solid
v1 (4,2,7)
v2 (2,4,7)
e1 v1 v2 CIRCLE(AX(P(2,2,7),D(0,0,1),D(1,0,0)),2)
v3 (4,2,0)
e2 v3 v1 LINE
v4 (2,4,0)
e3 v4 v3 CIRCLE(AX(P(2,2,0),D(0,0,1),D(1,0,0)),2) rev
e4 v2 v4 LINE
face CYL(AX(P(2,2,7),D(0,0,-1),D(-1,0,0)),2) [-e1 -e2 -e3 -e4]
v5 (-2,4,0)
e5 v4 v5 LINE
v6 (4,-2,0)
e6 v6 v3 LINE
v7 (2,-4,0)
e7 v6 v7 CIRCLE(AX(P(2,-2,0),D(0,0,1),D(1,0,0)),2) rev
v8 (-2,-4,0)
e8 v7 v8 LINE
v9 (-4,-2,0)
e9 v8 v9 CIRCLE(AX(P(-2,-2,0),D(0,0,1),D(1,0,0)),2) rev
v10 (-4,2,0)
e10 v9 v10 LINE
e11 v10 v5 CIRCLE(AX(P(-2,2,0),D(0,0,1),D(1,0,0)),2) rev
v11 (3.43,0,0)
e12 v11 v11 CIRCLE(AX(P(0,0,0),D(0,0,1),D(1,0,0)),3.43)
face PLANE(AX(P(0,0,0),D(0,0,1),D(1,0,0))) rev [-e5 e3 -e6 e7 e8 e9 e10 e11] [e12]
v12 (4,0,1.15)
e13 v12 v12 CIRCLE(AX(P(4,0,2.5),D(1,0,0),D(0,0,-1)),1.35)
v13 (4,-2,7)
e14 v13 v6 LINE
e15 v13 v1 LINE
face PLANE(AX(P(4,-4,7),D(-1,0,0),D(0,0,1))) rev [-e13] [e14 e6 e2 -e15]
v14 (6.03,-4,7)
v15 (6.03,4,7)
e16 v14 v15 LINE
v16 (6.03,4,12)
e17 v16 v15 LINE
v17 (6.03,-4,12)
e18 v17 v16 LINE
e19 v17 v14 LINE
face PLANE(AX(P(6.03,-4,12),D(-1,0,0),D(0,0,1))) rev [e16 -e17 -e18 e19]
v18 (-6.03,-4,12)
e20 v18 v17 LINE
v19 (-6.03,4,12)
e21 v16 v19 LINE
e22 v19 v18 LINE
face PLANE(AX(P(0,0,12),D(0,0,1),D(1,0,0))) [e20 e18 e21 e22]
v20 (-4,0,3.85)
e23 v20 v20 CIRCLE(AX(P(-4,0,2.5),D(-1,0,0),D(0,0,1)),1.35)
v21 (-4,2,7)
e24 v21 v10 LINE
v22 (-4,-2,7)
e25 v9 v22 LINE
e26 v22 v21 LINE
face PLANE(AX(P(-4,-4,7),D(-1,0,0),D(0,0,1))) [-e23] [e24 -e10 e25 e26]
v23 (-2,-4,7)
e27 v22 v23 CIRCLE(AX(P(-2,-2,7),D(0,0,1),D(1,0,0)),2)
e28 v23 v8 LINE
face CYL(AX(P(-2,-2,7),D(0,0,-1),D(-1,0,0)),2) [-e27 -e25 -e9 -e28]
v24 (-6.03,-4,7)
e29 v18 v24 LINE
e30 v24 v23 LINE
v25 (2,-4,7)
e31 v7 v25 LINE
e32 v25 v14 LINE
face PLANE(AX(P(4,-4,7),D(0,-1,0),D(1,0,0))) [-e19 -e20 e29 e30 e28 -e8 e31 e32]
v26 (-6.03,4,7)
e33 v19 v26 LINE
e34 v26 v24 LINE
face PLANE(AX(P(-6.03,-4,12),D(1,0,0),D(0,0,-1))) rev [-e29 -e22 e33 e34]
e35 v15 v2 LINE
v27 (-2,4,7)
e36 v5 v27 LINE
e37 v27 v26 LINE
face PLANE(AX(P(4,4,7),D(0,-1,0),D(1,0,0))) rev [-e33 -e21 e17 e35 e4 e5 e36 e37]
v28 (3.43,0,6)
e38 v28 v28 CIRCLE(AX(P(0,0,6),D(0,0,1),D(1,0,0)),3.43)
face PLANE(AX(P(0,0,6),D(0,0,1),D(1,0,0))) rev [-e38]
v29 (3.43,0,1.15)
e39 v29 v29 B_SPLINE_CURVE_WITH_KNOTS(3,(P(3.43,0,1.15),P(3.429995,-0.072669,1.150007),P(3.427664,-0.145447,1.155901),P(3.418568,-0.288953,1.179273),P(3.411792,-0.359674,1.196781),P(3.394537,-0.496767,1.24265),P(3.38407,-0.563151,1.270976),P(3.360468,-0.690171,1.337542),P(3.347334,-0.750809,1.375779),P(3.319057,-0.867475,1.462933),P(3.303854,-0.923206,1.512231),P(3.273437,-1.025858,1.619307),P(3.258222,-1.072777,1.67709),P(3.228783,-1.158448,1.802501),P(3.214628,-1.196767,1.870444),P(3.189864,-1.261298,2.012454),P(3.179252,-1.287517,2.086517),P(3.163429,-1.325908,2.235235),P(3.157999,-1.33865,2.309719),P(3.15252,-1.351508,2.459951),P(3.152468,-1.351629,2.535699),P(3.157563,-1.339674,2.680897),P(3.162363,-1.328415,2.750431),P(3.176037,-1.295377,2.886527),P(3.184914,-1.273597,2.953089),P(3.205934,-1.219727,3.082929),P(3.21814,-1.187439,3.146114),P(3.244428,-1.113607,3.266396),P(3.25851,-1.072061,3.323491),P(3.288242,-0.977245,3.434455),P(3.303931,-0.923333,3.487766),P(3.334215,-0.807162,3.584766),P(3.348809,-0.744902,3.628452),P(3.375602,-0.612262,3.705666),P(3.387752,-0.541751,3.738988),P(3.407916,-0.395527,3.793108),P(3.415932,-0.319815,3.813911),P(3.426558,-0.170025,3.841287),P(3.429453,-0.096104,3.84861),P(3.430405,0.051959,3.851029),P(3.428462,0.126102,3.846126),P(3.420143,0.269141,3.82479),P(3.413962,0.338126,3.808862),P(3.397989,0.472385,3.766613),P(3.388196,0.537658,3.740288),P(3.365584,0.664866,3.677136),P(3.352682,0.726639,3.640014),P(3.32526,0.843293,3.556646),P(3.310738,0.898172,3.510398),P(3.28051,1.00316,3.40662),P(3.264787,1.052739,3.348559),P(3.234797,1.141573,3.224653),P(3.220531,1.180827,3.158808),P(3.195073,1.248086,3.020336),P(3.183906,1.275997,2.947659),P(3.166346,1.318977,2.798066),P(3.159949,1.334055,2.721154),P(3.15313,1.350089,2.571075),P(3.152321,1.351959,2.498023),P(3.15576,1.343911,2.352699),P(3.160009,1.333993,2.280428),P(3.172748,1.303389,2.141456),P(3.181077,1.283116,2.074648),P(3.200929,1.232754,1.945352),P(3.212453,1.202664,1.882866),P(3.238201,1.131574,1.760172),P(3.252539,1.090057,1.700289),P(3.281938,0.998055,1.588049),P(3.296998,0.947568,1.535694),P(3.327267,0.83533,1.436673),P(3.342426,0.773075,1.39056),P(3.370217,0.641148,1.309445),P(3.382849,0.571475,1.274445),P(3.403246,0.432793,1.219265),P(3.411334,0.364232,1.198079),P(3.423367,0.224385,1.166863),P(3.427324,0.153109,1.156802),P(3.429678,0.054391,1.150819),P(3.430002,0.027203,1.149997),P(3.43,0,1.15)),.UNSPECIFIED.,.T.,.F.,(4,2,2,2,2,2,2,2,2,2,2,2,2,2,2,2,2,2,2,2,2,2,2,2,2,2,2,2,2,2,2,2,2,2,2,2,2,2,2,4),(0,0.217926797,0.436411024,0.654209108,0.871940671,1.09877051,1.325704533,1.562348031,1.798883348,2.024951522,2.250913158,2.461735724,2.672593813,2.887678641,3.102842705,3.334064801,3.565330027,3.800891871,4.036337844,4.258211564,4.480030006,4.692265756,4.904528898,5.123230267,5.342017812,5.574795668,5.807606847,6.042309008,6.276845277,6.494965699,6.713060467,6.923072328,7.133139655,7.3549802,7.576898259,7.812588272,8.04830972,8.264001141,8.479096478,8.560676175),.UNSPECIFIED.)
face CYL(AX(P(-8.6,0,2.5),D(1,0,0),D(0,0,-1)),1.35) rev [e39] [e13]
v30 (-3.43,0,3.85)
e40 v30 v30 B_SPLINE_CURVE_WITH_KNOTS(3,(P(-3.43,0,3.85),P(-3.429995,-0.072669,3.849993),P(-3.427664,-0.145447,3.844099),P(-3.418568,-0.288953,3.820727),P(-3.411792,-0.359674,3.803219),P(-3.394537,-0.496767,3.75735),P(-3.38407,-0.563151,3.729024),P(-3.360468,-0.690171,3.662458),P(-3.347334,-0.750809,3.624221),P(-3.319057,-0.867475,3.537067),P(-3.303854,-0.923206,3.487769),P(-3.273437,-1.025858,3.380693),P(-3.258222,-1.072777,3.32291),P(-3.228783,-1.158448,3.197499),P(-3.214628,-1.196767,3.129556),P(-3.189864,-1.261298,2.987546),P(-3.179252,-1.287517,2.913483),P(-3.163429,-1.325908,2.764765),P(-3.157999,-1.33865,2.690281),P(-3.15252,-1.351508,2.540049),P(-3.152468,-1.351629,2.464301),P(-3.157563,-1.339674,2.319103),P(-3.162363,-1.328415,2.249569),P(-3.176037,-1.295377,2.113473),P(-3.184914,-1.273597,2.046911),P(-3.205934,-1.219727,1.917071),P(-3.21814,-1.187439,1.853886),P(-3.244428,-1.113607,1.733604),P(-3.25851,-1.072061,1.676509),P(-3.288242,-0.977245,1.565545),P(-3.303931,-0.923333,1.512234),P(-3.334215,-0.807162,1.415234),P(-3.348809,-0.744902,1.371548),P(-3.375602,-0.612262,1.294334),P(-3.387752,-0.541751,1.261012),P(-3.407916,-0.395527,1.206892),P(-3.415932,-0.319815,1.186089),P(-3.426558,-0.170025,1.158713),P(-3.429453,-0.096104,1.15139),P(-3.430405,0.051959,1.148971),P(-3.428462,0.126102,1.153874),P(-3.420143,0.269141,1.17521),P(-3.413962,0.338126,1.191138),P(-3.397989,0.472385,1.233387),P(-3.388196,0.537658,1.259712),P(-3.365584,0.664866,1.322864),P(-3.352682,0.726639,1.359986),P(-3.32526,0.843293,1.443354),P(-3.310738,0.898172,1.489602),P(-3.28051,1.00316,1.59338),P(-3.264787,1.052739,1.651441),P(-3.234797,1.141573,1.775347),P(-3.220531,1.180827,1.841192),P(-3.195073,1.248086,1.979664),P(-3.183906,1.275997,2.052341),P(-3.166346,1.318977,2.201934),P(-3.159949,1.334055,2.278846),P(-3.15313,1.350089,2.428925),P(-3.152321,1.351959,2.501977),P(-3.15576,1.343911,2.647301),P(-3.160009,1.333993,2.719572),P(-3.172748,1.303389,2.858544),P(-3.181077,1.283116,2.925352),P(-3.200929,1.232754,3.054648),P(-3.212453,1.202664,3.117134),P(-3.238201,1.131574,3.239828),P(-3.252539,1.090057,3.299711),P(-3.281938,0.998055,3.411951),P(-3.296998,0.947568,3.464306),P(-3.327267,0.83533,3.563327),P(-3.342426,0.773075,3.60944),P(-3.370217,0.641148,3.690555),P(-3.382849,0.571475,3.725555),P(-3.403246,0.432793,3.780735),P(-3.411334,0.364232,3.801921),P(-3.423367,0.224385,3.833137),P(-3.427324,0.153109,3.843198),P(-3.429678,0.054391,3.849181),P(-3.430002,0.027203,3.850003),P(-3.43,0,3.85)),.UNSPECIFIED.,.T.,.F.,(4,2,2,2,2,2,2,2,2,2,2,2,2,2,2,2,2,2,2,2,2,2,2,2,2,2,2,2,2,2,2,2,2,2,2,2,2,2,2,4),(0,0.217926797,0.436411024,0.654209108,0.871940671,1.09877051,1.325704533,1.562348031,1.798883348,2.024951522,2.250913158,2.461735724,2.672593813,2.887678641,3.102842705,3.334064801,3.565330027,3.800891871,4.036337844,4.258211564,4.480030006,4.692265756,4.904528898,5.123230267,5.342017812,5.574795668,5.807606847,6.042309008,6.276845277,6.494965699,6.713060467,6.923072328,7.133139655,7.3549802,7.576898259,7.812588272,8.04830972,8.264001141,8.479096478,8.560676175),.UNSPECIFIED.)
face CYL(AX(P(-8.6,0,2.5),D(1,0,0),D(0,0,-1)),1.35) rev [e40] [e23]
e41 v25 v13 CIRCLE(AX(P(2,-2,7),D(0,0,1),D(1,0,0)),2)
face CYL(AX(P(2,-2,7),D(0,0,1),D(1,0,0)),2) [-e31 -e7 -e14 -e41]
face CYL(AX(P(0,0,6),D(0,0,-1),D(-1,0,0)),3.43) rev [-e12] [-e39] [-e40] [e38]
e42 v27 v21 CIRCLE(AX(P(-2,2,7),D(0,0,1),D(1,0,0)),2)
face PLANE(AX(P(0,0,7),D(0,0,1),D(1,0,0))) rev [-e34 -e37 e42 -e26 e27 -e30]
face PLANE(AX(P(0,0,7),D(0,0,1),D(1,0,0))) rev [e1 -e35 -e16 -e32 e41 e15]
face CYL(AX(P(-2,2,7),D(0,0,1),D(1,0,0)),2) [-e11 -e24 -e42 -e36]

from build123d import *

# Parameters (mm, degrees)
SKETCH_1_W             = 8
SKETCH_1_H             = 8
EXTRUDE_1_DEPTH        = 7
SKETCH_1_3_OUTSIDE_W   = 12.66
SKETCH_1_3_OUTSIDE_H   = 12.66
SKETCH_1_3_OUTSIDE_W_2 = 8
SKETCH_1_3_OUTSIDE_H_2 = 8
SKETCH_1_3_OUTSIDE_R   = 3.43
CUT_EXTRUDE_1_DEPTH    = 6
SKETCH_4_R             = 1.35
CUT_EXTRUDE_2_DEPTH    = 12.6
SKETCH_8_W             = 12.06
SKETCH_8_H             = 8
EXTRUDE_3_DEPTH        = 5
FILLET_1_R             = 2


with BuildPart() as part:
    # 스케치1 → 보스-돌출1 (new body)
    with BuildSketch(Plane.XY):
        Rectangle(SKETCH_1_W, SKETCH_1_H)
    extrude(amount=EXTRUDE_1_DEPTH)

    # 스케치1<3> outside → 컷-돌출1 (cut)
    # profile 1 of 2: a face of its own
    with BuildSketch(Plane.XY):
        Rectangle(SKETCH_1_3_OUTSIDE_W, SKETCH_1_3_OUTSIDE_H)
        Rectangle(SKETCH_1_3_OUTSIDE_W_2, SKETCH_1_3_OUTSIDE_H_2, mode=Mode.SUBTRACT)
    # profile 2 of 2: a face of its own
    with BuildSketch(Plane.XY):
        Circle(SKETCH_1_3_OUTSIDE_R)
    extrude(amount=CUT_EXTRUDE_1_DEPTH, mode=Mode.SUBTRACT)

    # 스케치4 → 컷-돌출2 (cut)
    with BuildSketch(Plane(origin=(4, 0, 0), x_dir=(0, 0, -1), z_dir=(1, 0, 0))):
        with Locations((-2.5, 0)):
            Circle(SKETCH_4_R)
    extrude(amount=-CUT_EXTRUDE_2_DEPTH, mode=Mode.SUBTRACT)

    # 스케치8 → 보스-돌출3 (add)
    with BuildSketch(Plane.XY.offset(7)):
        Rectangle(SKETCH_8_W, SKETCH_8_H)
    extrude(amount=EXTRUDE_3_DEPTH)

    # 필렛1
    fillet_1_edges = [part.edges().sort_by_distance(p)[0] for p in [
        (-4, -4, 3.5),
        (4, -4, 3.5),
        (4, 4, 3.5),
        (-4, 4, 3.5),
    ]]
    fillet(fillet_1_edges, radius=FILLET_1_R)


solid = part.part
